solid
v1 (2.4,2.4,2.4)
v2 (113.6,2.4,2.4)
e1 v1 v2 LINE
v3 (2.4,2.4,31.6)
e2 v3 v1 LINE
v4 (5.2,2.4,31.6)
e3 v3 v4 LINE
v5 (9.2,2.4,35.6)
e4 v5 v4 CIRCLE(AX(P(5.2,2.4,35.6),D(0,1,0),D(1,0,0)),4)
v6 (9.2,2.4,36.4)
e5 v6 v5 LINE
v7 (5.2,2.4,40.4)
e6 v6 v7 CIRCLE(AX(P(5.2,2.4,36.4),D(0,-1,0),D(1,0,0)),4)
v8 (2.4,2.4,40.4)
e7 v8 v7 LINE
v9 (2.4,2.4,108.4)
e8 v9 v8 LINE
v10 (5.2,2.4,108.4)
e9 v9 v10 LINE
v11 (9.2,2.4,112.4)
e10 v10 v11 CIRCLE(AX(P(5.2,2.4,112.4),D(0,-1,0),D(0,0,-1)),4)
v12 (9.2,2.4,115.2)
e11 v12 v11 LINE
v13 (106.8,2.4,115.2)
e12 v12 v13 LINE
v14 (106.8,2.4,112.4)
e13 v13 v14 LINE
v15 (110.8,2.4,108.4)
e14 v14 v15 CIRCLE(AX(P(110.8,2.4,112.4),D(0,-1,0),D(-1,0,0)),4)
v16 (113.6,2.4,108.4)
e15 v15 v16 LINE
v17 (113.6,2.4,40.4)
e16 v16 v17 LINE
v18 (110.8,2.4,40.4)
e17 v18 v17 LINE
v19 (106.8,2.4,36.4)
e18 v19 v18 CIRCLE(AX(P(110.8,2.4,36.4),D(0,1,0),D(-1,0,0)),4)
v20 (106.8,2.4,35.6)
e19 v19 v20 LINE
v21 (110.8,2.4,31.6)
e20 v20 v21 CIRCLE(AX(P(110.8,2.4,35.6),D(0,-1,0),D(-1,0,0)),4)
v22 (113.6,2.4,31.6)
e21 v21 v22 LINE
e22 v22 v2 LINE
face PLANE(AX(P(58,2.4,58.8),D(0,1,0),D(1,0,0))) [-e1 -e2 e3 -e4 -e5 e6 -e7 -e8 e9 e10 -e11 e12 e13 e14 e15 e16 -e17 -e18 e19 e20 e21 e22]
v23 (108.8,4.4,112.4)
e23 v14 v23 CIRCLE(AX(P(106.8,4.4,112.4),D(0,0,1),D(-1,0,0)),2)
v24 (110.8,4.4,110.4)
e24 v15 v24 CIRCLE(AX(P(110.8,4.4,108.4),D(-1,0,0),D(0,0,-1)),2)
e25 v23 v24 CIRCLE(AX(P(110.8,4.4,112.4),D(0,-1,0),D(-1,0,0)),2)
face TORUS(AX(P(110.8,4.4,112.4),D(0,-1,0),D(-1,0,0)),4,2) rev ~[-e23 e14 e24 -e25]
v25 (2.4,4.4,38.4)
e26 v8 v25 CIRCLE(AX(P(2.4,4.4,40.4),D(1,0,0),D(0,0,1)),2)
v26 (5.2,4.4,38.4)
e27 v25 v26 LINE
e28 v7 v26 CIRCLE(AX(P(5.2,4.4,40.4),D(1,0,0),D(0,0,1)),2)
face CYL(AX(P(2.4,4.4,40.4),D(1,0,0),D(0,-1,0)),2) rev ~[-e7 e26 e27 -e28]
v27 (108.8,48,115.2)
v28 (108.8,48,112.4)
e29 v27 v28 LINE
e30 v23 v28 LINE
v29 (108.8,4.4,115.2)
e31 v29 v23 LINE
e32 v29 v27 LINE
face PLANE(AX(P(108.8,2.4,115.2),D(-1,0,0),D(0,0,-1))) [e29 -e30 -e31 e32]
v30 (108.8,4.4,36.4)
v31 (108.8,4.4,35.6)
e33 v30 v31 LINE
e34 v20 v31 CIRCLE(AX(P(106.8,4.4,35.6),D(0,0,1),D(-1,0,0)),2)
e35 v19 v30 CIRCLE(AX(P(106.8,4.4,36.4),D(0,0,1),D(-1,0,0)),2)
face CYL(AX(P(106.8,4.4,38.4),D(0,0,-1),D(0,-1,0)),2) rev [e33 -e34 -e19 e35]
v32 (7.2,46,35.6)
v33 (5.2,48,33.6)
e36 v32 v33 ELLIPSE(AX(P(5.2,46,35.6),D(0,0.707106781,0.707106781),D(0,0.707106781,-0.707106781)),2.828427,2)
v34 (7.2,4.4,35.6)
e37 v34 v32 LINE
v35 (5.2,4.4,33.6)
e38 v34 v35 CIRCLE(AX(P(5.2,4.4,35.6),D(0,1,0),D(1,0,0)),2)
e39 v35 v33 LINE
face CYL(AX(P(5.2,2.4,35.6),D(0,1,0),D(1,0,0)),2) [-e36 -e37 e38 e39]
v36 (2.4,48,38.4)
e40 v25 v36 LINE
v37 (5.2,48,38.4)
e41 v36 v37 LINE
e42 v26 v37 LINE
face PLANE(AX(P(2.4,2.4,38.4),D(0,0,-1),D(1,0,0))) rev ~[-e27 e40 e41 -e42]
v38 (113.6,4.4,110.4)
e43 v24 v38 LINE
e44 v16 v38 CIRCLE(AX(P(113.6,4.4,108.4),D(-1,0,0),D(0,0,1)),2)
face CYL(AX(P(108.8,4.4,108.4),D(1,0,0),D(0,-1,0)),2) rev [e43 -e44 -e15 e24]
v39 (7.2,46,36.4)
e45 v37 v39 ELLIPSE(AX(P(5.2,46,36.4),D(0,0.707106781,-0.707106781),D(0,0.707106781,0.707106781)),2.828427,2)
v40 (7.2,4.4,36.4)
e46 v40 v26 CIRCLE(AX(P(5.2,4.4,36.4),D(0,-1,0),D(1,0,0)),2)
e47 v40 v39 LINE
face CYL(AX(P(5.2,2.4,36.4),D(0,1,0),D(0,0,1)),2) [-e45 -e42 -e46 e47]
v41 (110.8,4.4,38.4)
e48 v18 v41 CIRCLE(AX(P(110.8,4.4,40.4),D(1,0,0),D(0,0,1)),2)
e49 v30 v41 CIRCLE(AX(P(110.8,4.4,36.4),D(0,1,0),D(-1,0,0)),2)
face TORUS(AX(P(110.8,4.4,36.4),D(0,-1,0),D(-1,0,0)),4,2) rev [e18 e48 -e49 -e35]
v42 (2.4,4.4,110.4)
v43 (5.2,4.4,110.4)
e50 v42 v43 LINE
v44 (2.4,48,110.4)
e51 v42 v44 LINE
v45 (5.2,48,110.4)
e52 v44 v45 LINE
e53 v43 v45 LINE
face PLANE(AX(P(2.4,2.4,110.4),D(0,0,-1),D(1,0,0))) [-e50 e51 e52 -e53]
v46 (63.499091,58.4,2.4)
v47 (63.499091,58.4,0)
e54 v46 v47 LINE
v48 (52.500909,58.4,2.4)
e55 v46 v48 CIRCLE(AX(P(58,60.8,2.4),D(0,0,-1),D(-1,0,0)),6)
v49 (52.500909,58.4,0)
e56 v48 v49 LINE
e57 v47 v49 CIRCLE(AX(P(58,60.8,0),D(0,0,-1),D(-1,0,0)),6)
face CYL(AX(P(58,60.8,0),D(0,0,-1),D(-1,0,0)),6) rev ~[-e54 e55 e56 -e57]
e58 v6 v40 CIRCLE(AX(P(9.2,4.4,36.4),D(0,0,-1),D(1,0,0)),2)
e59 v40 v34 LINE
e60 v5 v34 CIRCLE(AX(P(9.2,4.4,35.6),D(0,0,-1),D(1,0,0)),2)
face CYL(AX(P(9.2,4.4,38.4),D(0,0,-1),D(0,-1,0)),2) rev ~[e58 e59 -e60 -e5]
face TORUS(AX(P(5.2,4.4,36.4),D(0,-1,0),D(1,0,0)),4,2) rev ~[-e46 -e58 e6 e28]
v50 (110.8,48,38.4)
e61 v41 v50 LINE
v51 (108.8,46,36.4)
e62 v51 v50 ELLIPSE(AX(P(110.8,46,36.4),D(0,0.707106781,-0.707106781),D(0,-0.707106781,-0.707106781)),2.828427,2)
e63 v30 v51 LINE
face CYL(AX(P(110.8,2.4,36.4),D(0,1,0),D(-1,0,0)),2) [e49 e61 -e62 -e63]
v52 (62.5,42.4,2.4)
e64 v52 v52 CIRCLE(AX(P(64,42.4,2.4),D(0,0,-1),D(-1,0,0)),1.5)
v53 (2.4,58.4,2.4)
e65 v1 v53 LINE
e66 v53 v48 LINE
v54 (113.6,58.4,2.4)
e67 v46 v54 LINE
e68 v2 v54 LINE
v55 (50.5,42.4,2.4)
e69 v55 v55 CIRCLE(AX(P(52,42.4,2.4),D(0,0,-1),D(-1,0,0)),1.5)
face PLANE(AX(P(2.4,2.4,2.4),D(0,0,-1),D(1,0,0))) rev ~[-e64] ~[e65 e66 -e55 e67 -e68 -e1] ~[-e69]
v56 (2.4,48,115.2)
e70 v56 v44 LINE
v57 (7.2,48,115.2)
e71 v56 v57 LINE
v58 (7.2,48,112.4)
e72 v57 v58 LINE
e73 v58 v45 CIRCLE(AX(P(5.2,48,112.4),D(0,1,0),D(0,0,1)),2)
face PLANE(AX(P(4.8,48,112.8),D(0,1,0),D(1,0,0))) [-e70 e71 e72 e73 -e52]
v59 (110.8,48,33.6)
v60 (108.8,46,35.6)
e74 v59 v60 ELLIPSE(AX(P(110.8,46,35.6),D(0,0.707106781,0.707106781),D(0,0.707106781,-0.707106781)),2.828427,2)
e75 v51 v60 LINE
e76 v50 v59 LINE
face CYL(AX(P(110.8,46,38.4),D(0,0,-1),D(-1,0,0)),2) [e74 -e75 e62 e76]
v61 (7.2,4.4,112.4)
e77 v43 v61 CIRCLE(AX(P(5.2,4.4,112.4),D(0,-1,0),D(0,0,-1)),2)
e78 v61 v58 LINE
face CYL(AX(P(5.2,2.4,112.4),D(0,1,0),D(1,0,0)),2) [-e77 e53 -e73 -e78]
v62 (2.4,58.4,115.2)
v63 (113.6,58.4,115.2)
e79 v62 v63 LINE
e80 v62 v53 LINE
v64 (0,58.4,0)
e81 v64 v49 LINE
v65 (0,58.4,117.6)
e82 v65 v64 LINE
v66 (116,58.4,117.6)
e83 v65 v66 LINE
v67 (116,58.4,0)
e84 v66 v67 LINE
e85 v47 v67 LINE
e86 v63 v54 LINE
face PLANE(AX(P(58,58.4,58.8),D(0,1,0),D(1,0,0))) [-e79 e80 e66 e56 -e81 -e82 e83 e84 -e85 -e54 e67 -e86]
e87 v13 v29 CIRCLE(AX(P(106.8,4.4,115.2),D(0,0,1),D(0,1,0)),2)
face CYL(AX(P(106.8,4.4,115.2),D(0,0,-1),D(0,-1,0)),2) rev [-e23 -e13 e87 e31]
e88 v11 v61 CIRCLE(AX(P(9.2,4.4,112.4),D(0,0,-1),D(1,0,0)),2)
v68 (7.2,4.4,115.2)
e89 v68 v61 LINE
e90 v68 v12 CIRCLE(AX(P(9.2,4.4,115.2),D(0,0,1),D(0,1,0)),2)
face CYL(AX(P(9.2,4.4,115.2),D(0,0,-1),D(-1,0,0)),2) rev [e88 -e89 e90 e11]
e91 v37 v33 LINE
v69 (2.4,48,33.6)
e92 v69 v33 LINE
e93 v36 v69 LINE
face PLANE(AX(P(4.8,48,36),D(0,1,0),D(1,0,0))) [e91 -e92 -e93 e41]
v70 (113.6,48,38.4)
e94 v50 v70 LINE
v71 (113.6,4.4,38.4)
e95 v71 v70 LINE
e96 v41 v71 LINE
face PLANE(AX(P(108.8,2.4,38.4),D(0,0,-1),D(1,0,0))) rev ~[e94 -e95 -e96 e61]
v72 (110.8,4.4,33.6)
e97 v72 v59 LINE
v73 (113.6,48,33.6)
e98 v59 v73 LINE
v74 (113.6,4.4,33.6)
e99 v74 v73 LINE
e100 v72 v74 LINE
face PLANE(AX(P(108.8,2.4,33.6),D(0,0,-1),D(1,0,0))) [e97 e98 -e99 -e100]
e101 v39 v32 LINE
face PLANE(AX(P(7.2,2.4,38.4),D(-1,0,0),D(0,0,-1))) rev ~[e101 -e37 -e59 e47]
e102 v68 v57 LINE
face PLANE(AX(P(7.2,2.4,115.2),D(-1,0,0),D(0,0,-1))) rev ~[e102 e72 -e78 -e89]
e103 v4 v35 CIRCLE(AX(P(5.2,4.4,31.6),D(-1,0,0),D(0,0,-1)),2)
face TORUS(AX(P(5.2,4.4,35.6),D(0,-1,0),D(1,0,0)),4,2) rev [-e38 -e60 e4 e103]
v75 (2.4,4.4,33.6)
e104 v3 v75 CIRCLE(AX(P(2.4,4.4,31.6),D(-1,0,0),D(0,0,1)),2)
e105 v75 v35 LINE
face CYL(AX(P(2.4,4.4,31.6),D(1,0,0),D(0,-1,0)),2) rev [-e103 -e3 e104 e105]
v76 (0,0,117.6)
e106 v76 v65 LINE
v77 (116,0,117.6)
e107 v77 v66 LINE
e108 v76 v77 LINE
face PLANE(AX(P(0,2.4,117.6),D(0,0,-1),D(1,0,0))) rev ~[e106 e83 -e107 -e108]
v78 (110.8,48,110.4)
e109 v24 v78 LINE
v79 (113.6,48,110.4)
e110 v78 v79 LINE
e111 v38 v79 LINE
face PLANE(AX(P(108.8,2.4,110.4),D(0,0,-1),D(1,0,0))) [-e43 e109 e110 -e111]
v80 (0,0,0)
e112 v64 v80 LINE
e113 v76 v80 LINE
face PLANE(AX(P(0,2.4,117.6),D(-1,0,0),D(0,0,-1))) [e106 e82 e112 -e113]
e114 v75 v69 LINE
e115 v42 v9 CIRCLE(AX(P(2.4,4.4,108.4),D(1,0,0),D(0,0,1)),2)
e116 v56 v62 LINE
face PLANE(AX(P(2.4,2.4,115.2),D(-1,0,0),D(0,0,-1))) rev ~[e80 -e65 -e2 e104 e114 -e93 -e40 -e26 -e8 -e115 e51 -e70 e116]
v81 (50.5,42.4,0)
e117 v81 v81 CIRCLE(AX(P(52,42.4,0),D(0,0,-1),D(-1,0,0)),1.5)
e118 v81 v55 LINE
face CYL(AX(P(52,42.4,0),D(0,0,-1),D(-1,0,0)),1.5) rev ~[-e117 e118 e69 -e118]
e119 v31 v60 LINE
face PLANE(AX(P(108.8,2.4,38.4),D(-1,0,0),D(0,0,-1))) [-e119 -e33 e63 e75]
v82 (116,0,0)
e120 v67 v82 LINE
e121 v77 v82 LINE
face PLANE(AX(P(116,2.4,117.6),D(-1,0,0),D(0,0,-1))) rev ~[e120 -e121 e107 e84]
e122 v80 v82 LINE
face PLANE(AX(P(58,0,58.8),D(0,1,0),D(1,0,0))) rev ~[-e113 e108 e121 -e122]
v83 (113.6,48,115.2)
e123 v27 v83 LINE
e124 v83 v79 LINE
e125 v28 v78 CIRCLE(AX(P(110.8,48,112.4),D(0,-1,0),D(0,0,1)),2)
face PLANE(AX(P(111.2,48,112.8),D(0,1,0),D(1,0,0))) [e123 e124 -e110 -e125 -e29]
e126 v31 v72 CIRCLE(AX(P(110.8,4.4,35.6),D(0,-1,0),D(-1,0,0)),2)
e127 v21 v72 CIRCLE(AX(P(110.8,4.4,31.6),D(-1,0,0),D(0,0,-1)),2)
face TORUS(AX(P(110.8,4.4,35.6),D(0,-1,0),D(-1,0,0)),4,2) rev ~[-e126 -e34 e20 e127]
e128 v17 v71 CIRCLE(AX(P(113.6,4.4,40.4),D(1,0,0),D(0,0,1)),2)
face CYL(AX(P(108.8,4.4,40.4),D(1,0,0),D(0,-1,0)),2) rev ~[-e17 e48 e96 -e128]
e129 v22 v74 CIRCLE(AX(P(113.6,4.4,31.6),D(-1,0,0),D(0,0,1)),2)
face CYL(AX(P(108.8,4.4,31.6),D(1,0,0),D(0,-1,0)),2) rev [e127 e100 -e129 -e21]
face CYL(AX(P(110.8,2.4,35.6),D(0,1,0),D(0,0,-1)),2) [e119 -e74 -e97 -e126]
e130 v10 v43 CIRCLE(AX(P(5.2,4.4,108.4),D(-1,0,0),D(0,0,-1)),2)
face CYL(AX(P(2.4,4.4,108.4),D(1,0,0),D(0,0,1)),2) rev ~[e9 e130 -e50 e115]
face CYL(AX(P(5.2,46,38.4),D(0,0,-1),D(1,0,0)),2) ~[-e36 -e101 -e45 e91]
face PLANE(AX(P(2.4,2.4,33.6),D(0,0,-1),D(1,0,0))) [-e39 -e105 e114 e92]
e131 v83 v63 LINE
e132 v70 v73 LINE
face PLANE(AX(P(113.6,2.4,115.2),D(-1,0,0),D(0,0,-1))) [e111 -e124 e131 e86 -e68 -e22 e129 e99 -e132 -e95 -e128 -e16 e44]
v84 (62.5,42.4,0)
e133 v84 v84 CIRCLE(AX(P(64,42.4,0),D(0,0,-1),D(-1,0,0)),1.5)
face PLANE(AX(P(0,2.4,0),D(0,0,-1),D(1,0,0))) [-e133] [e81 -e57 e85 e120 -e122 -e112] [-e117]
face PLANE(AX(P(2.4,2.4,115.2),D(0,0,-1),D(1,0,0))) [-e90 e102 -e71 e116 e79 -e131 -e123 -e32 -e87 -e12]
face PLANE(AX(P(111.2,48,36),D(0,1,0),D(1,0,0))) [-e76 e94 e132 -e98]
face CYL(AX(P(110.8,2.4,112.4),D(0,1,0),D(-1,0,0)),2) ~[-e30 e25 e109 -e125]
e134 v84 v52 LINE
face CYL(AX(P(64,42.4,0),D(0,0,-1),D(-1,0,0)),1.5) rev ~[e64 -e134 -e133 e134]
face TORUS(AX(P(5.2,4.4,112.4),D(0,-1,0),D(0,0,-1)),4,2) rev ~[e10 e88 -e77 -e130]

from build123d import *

# Parameters (mm, degrees)
SKETCH1_W           = 116
SKETCH1_H           = 117.6
BOSS_EXTRUDE1_DEPTH = 2.4
SKETCH2_W           = 116
SKETCH2_H           = 117.6
SKETCH2_W_2         = 111.2
SKETCH2_H_2         = 112.8
BOSS_EXTRUDE2_DEPTH = 56
SKETCH3_R           = 1.5
CUT_EXTRUDE1_DEPTH  = 10
SKETCH7_W           = 4.8
SKETCH7_H           = 4.8
BOSS_EXTRUDE4_DEPTH = 45.6
FILLET2_R           = 2
SKETCH8_R           = 6
CUT_EXTRUDE2_DEPTH  = 10


with BuildPart() as part:
    # Sketch1 → Boss-Extrude1 (new body)
    with BuildSketch(Plane(origin=(0, 0, 0), x_dir=(1, 0, 0), z_dir=(0, 1, 0))):
        with Locations((58, -58.8)):
            Rectangle(SKETCH1_W, SKETCH1_H)
    extrude(amount=BOSS_EXTRUDE1_DEPTH)

    # Sketch2 → Boss-Extrude2 (add)
    with BuildSketch(Plane(origin=(0, 2.4, 0), x_dir=(1, 0, 0), z_dir=(0, 1, 0))):
        with Locations((58, -58.8)):
            Rectangle(SKETCH2_W, SKETCH2_H)
        with Locations((58, -58.8)):
            Rectangle(SKETCH2_W_2, SKETCH2_H_2, mode=Mode.SUBTRACT)
    extrude(amount=BOSS_EXTRUDE2_DEPTH)

    # Sketch3 → Cut-Extrude1 (cut)
    with BuildSketch(Plane(origin=(0, 0, 0), x_dir=(-1, 0, 0), z_dir=(0, 0, -1))):
        with Locations((-64, 42.4)):
            Circle(SKETCH3_R)
        with Locations((-52, 42.4)):
            Circle(SKETCH3_R)
    extrude(amount=-CUT_EXTRUDE1_DEPTH, mode=Mode.SUBTRACT)

    # Sketch7 → Boss-Extrude4 (add)
    with BuildSketch(Plane(origin=(0, 2.4, 0), x_dir=(1, 0, 0), z_dir=(0, 1, 0))):
        with Locations((4.8, -112.8)):
            Rectangle(SKETCH7_W, SKETCH7_H)
        with Locations((4.8, -36)):
            Rectangle(SKETCH7_W, SKETCH7_H)
        with Locations((111.2, -112.8)):
            Rectangle(SKETCH7_W, SKETCH7_H)
        with Locations((111.2, -36)):
            Rectangle(SKETCH7_W, SKETCH7_H)
    extrude(amount=BOSS_EXTRUDE4_DEPTH)

    # Fillet2
    fillet2_edges = [part.edges().sort_by_distance(p)[0] for p in [
        (4.8, 2.4, 38.4),
        (4.8, 2.4, 33.6),
        (111.2, 2.4, 33.6),
        (111.2, 2.4, 38.4),
        (7.2, 25.2, 38.4),
        (7.2, 48, 36),
        (7.2, 25.2, 33.6),
        (7.2, 2.4, 36),
        (108.8, 25.2, 33.6),
        (108.8, 48, 36),
        (108.8, 25.2, 38.4),
        (108.8, 2.4, 36),
        (7.2, 25.2, 110.4),
        (108.8, 25.2, 110.4),
        (4.8, 2.4, 110.4),
        (7.2, 2.4, 112.8),
        (108.8, 2.4, 112.8),
        (111.2, 2.4, 110.4),
    ]]
    fillet(fillet2_edges, radius=FILLET2_R)

    # Sketch8 → Cut-Extrude2 (cut)
    with BuildSketch(Plane(origin=(0, 0, 0), x_dir=(-1, 0, 0), z_dir=(0, 0, -1))):
        with Locations((-58, 60.8)):
            Circle(SKETCH8_R)
    extrude(amount=-CUT_EXTRUDE2_DEPTH, mode=Mode.SUBTRACT)


solid = part.part
